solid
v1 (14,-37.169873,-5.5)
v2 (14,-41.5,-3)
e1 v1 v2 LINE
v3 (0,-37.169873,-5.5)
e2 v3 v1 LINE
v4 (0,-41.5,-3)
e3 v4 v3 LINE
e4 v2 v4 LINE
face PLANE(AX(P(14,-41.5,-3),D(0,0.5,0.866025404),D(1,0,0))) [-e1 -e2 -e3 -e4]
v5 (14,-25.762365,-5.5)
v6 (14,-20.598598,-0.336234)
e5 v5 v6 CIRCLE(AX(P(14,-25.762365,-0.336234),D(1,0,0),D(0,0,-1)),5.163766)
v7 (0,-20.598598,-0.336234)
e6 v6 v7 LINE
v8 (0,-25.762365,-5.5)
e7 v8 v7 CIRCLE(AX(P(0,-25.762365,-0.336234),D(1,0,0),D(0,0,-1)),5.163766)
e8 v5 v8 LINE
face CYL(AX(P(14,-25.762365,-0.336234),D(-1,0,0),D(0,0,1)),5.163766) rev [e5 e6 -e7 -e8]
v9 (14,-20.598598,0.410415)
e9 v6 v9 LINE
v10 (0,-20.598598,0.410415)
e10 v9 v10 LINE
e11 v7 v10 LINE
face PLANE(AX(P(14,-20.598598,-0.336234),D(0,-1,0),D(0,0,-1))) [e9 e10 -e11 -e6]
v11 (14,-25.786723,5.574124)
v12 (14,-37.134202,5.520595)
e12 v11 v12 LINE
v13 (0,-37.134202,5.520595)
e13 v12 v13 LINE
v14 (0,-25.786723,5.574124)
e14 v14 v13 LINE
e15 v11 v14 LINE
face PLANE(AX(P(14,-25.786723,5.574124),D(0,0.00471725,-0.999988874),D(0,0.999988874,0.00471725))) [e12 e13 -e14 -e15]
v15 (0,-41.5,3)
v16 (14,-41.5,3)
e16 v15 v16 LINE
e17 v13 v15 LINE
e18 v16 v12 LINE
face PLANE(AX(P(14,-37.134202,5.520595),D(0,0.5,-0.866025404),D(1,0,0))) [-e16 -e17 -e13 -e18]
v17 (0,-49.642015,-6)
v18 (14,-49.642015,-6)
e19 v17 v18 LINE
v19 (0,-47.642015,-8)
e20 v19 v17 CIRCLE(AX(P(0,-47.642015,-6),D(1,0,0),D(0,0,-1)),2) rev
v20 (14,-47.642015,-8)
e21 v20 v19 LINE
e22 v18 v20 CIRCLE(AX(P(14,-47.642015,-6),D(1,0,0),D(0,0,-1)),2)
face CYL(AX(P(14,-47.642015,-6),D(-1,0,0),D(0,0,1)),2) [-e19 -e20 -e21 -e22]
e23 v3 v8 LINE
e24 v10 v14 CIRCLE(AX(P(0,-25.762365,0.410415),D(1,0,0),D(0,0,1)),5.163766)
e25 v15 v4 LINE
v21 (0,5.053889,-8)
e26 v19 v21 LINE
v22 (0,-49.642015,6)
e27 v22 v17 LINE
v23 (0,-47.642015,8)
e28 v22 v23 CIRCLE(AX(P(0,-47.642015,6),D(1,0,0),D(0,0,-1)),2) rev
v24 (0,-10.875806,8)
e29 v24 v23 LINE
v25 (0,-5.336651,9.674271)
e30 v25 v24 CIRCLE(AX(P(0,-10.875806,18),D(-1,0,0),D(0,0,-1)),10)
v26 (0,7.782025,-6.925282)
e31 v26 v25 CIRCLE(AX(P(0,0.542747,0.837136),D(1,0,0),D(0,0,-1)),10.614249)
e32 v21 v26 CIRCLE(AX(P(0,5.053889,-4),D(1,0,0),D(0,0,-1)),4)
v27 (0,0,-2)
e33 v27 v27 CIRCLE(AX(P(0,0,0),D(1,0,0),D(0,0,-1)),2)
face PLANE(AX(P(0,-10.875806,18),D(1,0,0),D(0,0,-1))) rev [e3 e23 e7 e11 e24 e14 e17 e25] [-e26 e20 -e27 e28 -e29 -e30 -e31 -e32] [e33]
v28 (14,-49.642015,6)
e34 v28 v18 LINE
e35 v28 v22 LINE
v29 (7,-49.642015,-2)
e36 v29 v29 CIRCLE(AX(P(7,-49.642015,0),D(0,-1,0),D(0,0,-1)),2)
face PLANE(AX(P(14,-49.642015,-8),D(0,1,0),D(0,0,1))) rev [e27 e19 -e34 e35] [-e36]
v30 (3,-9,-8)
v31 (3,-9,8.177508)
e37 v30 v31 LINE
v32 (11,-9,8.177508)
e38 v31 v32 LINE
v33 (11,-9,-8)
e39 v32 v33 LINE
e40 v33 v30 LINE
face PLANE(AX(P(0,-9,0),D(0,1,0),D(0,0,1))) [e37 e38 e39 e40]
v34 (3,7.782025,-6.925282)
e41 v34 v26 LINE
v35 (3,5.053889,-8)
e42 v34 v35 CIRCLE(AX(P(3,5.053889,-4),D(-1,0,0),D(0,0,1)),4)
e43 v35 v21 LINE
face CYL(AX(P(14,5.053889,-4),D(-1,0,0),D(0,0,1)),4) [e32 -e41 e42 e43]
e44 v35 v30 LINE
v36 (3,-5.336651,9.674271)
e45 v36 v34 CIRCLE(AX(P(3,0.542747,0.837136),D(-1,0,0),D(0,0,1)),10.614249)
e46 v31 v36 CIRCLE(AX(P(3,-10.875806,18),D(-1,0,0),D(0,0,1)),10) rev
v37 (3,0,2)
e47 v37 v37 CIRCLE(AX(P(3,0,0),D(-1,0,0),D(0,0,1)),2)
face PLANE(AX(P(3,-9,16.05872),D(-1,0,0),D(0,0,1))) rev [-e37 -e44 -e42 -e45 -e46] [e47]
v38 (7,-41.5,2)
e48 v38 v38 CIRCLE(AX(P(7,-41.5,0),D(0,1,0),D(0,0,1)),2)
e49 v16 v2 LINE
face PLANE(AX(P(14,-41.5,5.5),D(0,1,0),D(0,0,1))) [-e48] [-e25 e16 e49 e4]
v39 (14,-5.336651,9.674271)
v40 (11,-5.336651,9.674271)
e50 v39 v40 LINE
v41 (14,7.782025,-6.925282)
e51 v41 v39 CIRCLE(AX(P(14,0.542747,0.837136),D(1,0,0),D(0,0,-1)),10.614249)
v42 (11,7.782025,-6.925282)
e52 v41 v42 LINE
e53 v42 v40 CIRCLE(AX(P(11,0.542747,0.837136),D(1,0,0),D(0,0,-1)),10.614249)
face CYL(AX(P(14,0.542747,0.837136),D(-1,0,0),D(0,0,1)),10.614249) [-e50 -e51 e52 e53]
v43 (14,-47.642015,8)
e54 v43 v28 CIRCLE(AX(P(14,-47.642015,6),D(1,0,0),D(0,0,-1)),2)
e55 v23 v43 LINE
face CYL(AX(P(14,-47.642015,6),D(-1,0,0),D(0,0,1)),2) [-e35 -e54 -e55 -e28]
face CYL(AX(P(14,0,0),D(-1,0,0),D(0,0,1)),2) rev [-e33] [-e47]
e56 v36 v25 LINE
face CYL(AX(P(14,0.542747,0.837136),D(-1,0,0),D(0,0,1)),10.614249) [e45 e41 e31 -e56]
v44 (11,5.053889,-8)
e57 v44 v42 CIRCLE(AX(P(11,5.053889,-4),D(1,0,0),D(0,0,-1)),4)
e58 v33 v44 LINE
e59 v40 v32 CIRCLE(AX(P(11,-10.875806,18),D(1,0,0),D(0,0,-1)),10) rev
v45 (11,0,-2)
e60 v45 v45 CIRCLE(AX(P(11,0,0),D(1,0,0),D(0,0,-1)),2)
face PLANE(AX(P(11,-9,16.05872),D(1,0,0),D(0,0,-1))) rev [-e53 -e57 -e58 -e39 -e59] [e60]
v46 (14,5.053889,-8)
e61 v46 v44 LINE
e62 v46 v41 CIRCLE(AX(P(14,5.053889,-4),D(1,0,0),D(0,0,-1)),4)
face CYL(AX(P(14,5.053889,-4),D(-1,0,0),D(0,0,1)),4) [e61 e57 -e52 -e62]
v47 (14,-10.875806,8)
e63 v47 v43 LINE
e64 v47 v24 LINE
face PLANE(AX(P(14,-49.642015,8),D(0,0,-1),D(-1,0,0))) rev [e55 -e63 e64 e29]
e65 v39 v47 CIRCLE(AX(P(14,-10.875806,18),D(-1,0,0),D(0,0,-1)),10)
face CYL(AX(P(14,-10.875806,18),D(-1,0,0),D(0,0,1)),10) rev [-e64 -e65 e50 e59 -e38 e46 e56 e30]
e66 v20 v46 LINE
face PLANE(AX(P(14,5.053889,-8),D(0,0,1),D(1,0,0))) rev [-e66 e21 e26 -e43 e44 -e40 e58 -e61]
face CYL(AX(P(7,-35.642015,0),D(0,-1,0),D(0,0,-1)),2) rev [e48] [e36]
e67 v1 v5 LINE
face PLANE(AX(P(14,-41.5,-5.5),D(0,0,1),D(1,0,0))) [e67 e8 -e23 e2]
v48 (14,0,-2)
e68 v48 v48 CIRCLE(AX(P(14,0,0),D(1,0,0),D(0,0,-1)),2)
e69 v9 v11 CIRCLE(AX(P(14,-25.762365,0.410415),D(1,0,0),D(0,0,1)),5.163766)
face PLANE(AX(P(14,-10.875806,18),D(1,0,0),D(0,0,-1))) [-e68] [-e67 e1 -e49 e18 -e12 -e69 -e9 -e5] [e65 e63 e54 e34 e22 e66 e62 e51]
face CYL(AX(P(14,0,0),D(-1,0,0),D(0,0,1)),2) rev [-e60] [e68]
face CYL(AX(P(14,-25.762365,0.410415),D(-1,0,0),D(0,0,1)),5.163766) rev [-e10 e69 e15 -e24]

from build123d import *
from OCP.BRepFilletAPI import BRepFilletAPI_MakeChamfer

# Parameters (mm, degrees)
SKETCH9_R           = 2
BOSS_EXTRUDE3_DEPTH = 14
SKETCH10_R          = 2
CUT_EXTRUDE7_DEPTH  = 14
SKETCH11_W          = 8
SKETCH11_H          = 26.663957413
CUT_EXTRUDE8_DEPTH  = 25
FILLET1_R           = 2
CHAMFER1_SIZE       = 2.5
CHAMFER1_SIZE2      = 4.365846821
CHAMFER1_SIZE2_2    = 4.330127019


with BuildPart() as part:
    # Sketch9 → Boss-Extrude3 (new body)
    with BuildSketch(Plane(origin=(0, 0, 0), x_dir=(0, 0, -1), z_dir=(1, 0, 0))):
        with BuildLine():
            Line((8, 5.053889445), (8, -49.642014822))
            Line((8, -49.642014822), (-8, -49.642014822))
            Line((-8, -49.642014822), (-8, -10.875806049))
            ThreePointArc((-8, -10.875806049), (-8.427714838, -7.982476346), (-9.674271354, -5.336650652))
            ThreePointArc((-9.674271354, -5.336650652), (-7.418447874, 8.870328147), (6.925281884, 7.78202542))
            ThreePointArc((6.925281884, 7.78202542), (7.721634556, 6.519985019), (8, 5.053889445))
        make_face()
        Circle(SKETCH9_R, mode=Mode.SUBTRACT)
        with BuildLine():
            Line((5.5, -41.5), (5.5, -25.762364524))
            ThreePointArc((5.5, -25.762364524), (3.987567872, -22.111030369), (0.336233717, -20.598598241))
            Line((0.336233717, -20.598598241), (-0.410415455, -20.598598241))
            ThreePointArc((-0.410415455, -20.598598241), (-4.070351606, -22.119652678), (-5.574124284, -25.786723302))
            Line((-5.574124284, -25.786723302), (-5.5, -41.5))
            Line((-5.5, -41.5), (5.5, -41.5))
        make_face(mode=Mode.SUBTRACT)
    extrude(amount=BOSS_EXTRUDE3_DEPTH)

    # Sketch10 → Cut-Extrude7 (cut)
    with BuildSketch(Plane.XZ.offset(49.642014822)):
        with Locations(Location((7, 0, 0), (0, 0, 270))):
            Circle(SKETCH10_R)
    extrude(amount=-CUT_EXTRUDE7_DEPTH, mode=Mode.SUBTRACT)

    # Sketch11 → Cut-Extrude8 (cut)
    with BuildSketch(Plane(origin=(0, 16, 0), x_dir=(1, 0, 0), z_dir=(0, 1, 0))):
        with Locations((7, -2.726740944)):
            Rectangle(SKETCH11_W, SKETCH11_H)
    extrude(amount=-CUT_EXTRUDE8_DEPTH, mode=Mode.SUBTRACT)

    # Fillet1
    fillet1_edges = [part.edges().sort_by_distance(p)[0] for p in [
        (7, -49.642014822, 8),
        (7, -49.642014822, -8),
    ]]
    fillet(fillet1_edges, radius=FILLET1_R)

    # Chamfer1: one chamfer whose edges measure the first distance from different faces: ONE call of the kernel's chamfer builder (chamfer() names one face for all edges)
    chamfer1_edges_1 = [part.edges().sort_by_distance(p)[0] for p in [
        (7, -41.5, 5.5),
    ]]
    chamfer1_side_1 = [part.faces().sort_by_distance(p)[0] for p in [
        (7, -41.5, 5.321955062),
    ]]
    chamfer1_edges_2 = [part.edges().sort_by_distance(p)[0] for p in [
        (7, -41.5, -5.5),
    ]]
    chamfer1_side_2 = [part.faces().sort_by_distance(p)[0] for p in [
        (7, -41.5, 5.321955062),
    ]]
    chamfer1 = BRepFilletAPI_MakeChamfer(part.part.solid().wrapped)
    for e in chamfer1_edges_1:
        chamfer1.Add(CHAMFER1_SIZE, CHAMFER1_SIZE2, e.wrapped, chamfer1_side_1[0].wrapped)  # the first distance lies on this face
    for e in chamfer1_edges_2:
        chamfer1.Add(CHAMFER1_SIZE, CHAMFER1_SIZE2_2, e.wrapped, chamfer1_side_2[0].wrapped)  # the first distance lies on this face
    add(Compound.cast(chamfer1.Shape()), mode=Mode.REPLACE)


solid = part.part
